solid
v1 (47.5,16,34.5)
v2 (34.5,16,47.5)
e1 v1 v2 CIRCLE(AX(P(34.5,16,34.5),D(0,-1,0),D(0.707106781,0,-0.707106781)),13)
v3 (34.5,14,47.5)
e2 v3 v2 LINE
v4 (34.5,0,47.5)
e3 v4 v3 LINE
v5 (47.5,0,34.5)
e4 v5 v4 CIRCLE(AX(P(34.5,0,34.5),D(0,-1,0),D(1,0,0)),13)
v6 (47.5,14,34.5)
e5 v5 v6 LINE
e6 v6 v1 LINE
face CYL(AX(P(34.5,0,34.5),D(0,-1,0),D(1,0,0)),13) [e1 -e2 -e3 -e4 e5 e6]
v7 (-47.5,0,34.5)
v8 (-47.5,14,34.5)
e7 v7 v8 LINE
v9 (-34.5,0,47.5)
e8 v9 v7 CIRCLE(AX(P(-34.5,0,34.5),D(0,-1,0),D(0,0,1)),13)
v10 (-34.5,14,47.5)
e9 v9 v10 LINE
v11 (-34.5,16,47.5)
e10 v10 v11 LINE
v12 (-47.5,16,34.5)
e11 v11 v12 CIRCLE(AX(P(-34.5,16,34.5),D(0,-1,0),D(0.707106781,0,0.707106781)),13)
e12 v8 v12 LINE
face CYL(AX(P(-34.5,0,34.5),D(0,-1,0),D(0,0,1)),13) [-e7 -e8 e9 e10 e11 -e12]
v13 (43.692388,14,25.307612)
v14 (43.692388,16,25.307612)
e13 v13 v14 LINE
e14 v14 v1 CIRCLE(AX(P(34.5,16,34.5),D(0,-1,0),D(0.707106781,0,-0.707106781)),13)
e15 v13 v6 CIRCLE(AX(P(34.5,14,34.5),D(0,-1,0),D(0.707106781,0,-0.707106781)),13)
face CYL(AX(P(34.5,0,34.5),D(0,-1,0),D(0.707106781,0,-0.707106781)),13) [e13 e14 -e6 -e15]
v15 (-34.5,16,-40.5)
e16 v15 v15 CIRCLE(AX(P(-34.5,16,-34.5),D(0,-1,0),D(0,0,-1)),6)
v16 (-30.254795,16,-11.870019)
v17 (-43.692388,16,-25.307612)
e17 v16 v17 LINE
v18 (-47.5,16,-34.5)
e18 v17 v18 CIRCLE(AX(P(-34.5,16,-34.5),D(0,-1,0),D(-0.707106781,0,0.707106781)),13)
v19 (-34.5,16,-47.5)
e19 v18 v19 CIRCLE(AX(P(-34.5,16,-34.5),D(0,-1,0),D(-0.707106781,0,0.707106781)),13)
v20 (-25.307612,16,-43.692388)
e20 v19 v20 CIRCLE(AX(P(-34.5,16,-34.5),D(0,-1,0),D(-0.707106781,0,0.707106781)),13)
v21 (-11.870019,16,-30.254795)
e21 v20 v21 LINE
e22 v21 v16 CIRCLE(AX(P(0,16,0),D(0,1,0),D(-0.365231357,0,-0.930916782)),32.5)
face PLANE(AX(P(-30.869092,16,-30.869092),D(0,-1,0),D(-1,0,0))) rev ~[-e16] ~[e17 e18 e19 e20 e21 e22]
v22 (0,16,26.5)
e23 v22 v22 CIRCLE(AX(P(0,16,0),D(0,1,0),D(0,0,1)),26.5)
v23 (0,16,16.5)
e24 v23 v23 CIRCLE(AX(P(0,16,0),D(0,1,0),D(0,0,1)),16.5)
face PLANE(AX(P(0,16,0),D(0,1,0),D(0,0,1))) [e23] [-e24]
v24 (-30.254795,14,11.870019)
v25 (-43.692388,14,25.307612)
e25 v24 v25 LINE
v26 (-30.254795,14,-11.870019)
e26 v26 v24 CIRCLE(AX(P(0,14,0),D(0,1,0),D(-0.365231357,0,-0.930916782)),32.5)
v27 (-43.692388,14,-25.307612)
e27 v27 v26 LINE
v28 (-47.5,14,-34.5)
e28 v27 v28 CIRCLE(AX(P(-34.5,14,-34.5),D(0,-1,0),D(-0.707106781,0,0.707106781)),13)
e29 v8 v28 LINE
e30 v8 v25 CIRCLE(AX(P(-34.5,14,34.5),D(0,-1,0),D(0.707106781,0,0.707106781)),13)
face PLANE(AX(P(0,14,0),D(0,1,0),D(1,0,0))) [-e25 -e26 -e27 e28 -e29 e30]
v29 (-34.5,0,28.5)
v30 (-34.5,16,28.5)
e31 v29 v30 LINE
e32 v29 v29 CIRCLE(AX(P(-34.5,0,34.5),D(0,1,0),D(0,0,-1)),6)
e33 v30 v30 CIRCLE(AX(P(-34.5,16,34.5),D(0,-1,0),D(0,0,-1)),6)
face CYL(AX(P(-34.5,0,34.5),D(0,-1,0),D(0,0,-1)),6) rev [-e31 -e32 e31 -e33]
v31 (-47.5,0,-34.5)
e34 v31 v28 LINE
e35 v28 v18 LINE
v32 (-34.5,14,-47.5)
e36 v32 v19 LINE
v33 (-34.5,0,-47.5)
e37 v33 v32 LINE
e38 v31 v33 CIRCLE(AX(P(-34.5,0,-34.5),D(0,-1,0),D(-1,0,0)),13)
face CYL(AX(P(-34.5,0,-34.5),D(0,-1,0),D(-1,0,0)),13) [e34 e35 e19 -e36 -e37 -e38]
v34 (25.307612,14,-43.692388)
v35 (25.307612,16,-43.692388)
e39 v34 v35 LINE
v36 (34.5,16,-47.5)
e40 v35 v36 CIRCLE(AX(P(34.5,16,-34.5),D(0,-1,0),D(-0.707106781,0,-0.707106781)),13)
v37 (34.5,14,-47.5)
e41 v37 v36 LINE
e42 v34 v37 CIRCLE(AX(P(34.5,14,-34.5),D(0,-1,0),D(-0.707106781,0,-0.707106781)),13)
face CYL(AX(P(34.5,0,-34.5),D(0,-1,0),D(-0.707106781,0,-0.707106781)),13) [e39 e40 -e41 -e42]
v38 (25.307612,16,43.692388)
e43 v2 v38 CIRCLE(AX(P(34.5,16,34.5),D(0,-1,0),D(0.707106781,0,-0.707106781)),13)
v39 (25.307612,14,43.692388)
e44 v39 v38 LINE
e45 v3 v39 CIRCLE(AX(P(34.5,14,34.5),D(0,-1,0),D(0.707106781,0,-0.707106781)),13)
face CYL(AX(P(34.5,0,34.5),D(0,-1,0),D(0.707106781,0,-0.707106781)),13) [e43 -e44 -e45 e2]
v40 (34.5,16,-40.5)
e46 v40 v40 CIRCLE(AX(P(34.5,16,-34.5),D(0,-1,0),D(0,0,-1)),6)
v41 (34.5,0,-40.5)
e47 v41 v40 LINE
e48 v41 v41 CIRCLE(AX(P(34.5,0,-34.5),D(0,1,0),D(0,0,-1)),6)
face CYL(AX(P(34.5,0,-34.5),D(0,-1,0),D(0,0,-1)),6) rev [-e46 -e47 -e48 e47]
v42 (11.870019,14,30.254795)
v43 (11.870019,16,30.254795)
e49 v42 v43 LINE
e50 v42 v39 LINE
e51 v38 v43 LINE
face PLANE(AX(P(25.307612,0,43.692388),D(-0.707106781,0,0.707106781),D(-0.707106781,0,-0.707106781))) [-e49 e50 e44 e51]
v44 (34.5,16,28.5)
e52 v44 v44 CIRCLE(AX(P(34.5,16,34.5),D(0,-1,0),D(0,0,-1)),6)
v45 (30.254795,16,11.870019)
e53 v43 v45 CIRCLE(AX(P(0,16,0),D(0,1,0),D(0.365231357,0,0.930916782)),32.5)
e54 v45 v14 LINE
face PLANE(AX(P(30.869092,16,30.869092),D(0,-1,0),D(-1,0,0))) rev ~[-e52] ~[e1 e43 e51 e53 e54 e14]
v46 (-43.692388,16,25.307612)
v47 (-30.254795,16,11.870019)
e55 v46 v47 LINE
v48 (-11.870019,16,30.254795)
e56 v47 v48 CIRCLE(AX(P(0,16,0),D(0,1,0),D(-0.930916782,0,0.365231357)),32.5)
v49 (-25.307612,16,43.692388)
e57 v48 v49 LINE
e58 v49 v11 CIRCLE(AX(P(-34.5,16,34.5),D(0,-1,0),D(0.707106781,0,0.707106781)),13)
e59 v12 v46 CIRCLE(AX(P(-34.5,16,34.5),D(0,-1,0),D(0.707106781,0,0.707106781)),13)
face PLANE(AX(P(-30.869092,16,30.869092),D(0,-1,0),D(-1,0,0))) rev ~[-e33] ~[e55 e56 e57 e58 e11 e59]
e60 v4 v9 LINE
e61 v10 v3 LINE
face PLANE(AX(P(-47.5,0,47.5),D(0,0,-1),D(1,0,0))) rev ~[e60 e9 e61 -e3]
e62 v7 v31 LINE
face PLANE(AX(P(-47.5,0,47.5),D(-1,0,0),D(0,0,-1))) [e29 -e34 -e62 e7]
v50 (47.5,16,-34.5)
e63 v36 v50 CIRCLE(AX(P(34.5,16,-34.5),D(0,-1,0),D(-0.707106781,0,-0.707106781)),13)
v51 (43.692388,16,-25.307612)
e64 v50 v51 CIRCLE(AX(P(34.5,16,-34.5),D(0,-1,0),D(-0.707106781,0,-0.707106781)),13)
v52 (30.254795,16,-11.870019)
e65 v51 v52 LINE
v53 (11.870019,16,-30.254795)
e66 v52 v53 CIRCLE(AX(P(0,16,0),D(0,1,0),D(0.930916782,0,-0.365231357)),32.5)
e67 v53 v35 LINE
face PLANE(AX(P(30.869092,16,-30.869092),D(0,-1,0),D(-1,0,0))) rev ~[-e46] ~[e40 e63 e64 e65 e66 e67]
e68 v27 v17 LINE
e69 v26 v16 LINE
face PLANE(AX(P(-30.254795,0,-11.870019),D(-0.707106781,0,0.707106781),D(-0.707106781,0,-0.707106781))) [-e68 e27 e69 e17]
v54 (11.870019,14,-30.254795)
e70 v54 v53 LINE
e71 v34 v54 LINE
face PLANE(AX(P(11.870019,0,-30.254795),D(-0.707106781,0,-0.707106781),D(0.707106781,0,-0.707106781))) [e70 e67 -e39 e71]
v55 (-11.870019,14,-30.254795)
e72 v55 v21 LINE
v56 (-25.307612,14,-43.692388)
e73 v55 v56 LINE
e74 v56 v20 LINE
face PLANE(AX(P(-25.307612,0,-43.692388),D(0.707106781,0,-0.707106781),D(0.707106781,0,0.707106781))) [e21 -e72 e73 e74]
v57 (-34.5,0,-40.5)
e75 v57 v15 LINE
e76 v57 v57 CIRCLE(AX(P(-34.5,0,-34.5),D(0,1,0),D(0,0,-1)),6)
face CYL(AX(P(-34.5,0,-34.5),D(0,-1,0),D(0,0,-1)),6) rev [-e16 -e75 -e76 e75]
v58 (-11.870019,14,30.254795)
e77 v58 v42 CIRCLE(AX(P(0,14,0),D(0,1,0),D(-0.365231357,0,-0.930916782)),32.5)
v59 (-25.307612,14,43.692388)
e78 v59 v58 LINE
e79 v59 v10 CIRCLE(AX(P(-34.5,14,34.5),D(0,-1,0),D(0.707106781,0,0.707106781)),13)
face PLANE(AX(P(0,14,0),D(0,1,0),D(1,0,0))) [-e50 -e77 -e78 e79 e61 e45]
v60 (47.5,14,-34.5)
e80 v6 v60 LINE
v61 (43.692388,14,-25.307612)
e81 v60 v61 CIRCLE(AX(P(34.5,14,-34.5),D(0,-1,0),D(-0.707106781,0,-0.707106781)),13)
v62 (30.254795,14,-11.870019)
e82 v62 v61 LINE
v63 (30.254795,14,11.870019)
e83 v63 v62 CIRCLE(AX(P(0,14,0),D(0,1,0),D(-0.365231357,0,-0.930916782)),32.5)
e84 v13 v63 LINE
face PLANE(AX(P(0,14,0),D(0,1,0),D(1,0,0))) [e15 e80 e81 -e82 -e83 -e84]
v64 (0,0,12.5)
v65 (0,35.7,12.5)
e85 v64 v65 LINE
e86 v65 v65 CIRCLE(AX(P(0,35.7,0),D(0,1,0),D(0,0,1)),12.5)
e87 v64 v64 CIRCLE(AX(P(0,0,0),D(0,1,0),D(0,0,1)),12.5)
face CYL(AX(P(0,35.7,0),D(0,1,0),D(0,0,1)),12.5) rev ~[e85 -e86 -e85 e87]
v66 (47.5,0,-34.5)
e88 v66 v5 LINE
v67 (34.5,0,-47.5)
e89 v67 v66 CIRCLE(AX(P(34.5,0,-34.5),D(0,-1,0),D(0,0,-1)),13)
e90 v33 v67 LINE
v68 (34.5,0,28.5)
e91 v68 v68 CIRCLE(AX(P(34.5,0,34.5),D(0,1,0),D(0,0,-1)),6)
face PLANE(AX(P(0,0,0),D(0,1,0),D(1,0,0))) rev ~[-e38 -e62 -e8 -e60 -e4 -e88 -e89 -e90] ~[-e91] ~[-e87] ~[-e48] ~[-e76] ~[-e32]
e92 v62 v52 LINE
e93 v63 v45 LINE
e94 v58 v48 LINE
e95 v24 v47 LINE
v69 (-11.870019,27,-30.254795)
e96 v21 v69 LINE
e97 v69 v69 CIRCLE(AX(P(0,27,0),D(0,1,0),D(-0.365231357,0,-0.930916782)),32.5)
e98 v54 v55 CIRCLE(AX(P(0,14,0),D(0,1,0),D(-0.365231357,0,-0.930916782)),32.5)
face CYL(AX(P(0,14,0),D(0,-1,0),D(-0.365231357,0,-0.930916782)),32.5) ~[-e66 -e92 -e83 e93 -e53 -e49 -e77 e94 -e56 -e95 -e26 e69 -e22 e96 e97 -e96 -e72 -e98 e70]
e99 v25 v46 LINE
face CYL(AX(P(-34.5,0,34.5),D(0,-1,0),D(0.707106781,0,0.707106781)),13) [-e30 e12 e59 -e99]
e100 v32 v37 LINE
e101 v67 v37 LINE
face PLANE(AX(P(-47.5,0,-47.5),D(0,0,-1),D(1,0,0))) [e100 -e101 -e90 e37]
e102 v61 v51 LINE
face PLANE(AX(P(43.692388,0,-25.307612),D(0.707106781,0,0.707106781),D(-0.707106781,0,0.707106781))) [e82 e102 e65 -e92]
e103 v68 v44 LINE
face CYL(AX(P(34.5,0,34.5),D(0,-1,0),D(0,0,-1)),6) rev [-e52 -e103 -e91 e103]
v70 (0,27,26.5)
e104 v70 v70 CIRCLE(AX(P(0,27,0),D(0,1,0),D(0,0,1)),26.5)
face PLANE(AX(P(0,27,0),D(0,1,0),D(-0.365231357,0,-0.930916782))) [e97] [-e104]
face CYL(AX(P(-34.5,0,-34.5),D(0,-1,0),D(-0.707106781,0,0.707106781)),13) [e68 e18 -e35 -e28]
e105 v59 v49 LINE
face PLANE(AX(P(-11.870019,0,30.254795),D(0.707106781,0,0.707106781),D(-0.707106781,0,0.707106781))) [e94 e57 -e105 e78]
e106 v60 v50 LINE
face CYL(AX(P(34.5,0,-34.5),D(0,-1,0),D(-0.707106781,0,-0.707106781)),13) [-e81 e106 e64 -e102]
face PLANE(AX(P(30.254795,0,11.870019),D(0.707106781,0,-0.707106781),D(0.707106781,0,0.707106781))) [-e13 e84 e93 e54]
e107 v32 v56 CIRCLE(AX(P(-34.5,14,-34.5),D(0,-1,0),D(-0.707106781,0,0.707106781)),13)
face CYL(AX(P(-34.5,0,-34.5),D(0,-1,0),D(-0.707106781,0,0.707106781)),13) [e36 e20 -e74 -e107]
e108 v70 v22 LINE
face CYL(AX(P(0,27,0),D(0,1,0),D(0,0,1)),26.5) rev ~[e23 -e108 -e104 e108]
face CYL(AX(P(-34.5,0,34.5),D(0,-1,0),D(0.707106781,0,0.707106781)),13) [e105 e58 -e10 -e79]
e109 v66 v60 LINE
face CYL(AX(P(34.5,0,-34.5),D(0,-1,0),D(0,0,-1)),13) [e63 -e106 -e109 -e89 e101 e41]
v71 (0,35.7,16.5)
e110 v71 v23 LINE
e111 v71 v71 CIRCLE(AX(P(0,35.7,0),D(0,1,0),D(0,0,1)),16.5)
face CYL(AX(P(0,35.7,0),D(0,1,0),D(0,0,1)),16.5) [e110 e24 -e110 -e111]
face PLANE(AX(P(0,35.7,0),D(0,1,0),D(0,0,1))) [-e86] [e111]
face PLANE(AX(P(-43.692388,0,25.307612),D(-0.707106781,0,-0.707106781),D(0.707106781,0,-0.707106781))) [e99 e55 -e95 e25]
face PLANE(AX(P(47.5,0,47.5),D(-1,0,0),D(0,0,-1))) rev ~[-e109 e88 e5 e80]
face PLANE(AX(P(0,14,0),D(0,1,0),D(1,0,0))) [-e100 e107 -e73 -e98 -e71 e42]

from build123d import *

# Parameters (mm, degrees)
SKETCH1_W           = 95
SKETCH1_H           = 95
BOSS_EXTRUDE1_DEPTH = 14
BOSS_EXTRUDE2_DEPTH = 16
SKETCH4_R           = 32.5
BOSS_EXTRUDE3_DEPTH = 13
SKETCH5_R           = 12.5
CUT_EXTRUDE1_DEPTH  = 73.398204398
SKETCH6_R           = 26.5
SKETCH6_R_2         = 16.5
CUT_EXTRUDE2_DEPTH  = 11
BOSS_EXTRUDE4_START = 35.7
SKETCH7_R           = 16.5
SKETCH7_R_2         = 12.5
BOSS_EXTRUDE4_DEPTH = 35.7
CUT_EXTRUDE3_DEPTH  = 77.072268272
SKETCH9_R           = 6
CUT_EXTRUDE5_DEPTH  = 77.072268272


with BuildPart() as part:
    # Sketch1 → Boss-Extrude1 (new body)
    with BuildSketch(Plane(origin=(0, 0, 0), x_dir=(1, 0, 0), z_dir=(0, 1, 0))):
        Rectangle(SKETCH1_W, SKETCH1_H)
    extrude(amount=BOSS_EXTRUDE1_DEPTH)

    # Sketch2 → Boss-Extrude2 (add)
    with BuildSketch(Plane(origin=(0, 0, 0), x_dir=(1, 0, 0), z_dir=(0, 1, 0))):
        with BuildLine():
            Line((-30.254795425, 11.870019114), (-43.692388155, 25.307611845))
            ThreePointArc((-43.692388155, 25.307611845), (-43.692388155, 43.692388155), (-25.307611845, 43.692388155))
            Line((-25.307611845, 43.692388155), (-11.870019114, 30.254795425))
            ThreePointArc((-11.870019114, 30.254795425), (-22.980970389, 22.980970389), (-30.254795425, 11.870019114))
        make_face()
        with BuildLine():
            Line((11.870019114, 30.254795425), (25.307611845, 43.692388155))
            ThreePointArc((25.307611845, 43.692388155), (43.692388155, 43.692388155), (43.692388155, 25.307611845))
            Line((43.692388155, 25.307611845), (30.254795425, 11.870019114))
            ThreePointArc((30.254795425, 11.870019114), (22.980970389, 22.980970389), (11.870019114, 30.254795425))
        make_face()
        with BuildLine():
            Line((30.254795425, -11.870019114), (43.692388155, -25.307611845))
            ThreePointArc((43.692388155, -25.307611845), (43.692388155, -43.692388155), (25.307611845, -43.692388155))
            Line((25.307611845, -43.692388155), (11.870019114, -30.254795425))
            ThreePointArc((11.870019114, -30.254795425), (22.980970389, -22.980970389), (30.254795425, -11.870019114))
        make_face()
        with BuildLine():
            Line((-11.870019114, -30.254795425), (-25.307611845, -43.692388155))
            ThreePointArc((-25.307611845, -43.692388155), (-43.692388155, -43.692388155), (-43.692388155, -25.307611845))
            Line((-43.692388155, -25.307611845), (-30.254795425, -11.870019114))
            ThreePointArc((-30.254795425, -11.870019114), (-22.980970389, -22.980970389), (-11.870019114, -30.254795425))
        make_face()
    extrude(amount=BOSS_EXTRUDE2_DEPTH)

    # Sketch4 → Boss-Extrude3 (add)
    with BuildSketch(Plane(origin=(0, 14, 0), x_dir=(1, 0, 0), z_dir=(0, 1, 0))):
        with Locations(Location((0, 0, 0), (0, 0, 111.421821522))):
            Circle(SKETCH4_R)
    extrude(amount=BOSS_EXTRUDE3_DEPTH)

    # Sketch5 → Cut-Extrude1 (cut, through all)
    with BuildSketch(Plane(origin=(0, 27, 0), x_dir=(1, 0, 0), z_dir=(0, 1, 0))):
        with Locations(Location((0, 0, 0), (0, 0, 270))):
            Circle(SKETCH5_R)
    extrude(amount=-CUT_EXTRUDE1_DEPTH, mode=Mode.SUBTRACT)

    # Sketch6 → Cut-Extrude2 (cut)
    with BuildSketch(Plane(origin=(0, 27, 0), x_dir=(1, 0, 0), z_dir=(0, 1, 0))):
        with Locations(Location((0, 0, 0), (0, 0, 270))):
            Circle(SKETCH6_R)
        with Locations(Location((0, 0, 0), (0, 0, 270))):
            Circle(SKETCH6_R_2, mode=Mode.SUBTRACT)
    extrude(amount=-CUT_EXTRUDE2_DEPTH, mode=Mode.SUBTRACT)

    # Sketch7 → Boss-Extrude4 (add)
    with BuildSketch(Plane(origin=(0, 0, 0), x_dir=(1, 0, 0), z_dir=(0, 1, 0)).offset(BOSS_EXTRUDE4_START)):
        with Locations(Location((0, 0, 0), (0, 0, 270))):
            Circle(SKETCH7_R)
        with Locations(Location((0, 0, 0), (0, 0, 270))):
            Circle(SKETCH7_R_2, mode=Mode.SUBTRACT)
    extrude(amount=-BOSS_EXTRUDE4_DEPTH)

    # Sketch8 → Cut-Extrude3 (cut, through all)
    with BuildSketch(Plane(origin=(0, 0, 0), x_dir=(1, 0, 0), z_dir=(0, 1, 0))):
        with BuildLine():
            Line((-47.5, -34.5), (-47.5, -47.5))
            Line((-47.5, -47.5), (-34.5, -47.5))
            ThreePointArc((-34.5, -47.5), (-43.692388155, -43.692388155), (-47.5, -34.5))
        make_face()
        with BuildLine():
            Line((-34.5, 47.5), (-47.5, 47.5))
            Line((-47.5, 47.5), (-47.5, 34.5))
            ThreePointArc((-47.5, 34.5), (-43.692388155, 43.692388155), (-34.5, 47.5))
        make_face()
        with BuildLine():
            Line((47.5, 34.5), (47.5, 47.5))
            Line((47.5, 47.5), (34.5, 47.5))
            ThreePointArc((34.5, 47.5), (43.692388155, 43.692388155), (47.5, 34.5))
        make_face()
        with BuildLine():
            Line((34.5, -47.5), (47.5, -47.5))
            Line((47.5, -47.5), (47.5, -34.5))
            ThreePointArc((47.5, -34.5), (43.692388155, -43.692388155), (34.5, -47.5))
        make_face()
    extrude(amount=CUT_EXTRUDE3_DEPTH, mode=Mode.SUBTRACT)

    # Sketch9 → Cut-Extrude5 (cut, through all)
    with BuildSketch(Plane(origin=(0, 0, 0), x_dir=(1, 0, 0), z_dir=(0, 1, 0))):
        with Locations(Location((-34.5, 34.5, 0), (0, 0, 90))):
            Circle(SKETCH9_R)
        with Locations(Location((34.5, 34.5, 0), (0, 0, 90))):
            Circle(SKETCH9_R)
        with Locations(Location((34.5, -34.5, 0), (0, 0, 90))):
            Circle(SKETCH9_R)
        with Locations(Location((-34.5, -34.5, 0), (0, 0, 90))):
            Circle(SKETCH9_R)
    extrude(amount=CUT_EXTRUDE5_DEPTH, mode=Mode.SUBTRACT)


solid = part.part
